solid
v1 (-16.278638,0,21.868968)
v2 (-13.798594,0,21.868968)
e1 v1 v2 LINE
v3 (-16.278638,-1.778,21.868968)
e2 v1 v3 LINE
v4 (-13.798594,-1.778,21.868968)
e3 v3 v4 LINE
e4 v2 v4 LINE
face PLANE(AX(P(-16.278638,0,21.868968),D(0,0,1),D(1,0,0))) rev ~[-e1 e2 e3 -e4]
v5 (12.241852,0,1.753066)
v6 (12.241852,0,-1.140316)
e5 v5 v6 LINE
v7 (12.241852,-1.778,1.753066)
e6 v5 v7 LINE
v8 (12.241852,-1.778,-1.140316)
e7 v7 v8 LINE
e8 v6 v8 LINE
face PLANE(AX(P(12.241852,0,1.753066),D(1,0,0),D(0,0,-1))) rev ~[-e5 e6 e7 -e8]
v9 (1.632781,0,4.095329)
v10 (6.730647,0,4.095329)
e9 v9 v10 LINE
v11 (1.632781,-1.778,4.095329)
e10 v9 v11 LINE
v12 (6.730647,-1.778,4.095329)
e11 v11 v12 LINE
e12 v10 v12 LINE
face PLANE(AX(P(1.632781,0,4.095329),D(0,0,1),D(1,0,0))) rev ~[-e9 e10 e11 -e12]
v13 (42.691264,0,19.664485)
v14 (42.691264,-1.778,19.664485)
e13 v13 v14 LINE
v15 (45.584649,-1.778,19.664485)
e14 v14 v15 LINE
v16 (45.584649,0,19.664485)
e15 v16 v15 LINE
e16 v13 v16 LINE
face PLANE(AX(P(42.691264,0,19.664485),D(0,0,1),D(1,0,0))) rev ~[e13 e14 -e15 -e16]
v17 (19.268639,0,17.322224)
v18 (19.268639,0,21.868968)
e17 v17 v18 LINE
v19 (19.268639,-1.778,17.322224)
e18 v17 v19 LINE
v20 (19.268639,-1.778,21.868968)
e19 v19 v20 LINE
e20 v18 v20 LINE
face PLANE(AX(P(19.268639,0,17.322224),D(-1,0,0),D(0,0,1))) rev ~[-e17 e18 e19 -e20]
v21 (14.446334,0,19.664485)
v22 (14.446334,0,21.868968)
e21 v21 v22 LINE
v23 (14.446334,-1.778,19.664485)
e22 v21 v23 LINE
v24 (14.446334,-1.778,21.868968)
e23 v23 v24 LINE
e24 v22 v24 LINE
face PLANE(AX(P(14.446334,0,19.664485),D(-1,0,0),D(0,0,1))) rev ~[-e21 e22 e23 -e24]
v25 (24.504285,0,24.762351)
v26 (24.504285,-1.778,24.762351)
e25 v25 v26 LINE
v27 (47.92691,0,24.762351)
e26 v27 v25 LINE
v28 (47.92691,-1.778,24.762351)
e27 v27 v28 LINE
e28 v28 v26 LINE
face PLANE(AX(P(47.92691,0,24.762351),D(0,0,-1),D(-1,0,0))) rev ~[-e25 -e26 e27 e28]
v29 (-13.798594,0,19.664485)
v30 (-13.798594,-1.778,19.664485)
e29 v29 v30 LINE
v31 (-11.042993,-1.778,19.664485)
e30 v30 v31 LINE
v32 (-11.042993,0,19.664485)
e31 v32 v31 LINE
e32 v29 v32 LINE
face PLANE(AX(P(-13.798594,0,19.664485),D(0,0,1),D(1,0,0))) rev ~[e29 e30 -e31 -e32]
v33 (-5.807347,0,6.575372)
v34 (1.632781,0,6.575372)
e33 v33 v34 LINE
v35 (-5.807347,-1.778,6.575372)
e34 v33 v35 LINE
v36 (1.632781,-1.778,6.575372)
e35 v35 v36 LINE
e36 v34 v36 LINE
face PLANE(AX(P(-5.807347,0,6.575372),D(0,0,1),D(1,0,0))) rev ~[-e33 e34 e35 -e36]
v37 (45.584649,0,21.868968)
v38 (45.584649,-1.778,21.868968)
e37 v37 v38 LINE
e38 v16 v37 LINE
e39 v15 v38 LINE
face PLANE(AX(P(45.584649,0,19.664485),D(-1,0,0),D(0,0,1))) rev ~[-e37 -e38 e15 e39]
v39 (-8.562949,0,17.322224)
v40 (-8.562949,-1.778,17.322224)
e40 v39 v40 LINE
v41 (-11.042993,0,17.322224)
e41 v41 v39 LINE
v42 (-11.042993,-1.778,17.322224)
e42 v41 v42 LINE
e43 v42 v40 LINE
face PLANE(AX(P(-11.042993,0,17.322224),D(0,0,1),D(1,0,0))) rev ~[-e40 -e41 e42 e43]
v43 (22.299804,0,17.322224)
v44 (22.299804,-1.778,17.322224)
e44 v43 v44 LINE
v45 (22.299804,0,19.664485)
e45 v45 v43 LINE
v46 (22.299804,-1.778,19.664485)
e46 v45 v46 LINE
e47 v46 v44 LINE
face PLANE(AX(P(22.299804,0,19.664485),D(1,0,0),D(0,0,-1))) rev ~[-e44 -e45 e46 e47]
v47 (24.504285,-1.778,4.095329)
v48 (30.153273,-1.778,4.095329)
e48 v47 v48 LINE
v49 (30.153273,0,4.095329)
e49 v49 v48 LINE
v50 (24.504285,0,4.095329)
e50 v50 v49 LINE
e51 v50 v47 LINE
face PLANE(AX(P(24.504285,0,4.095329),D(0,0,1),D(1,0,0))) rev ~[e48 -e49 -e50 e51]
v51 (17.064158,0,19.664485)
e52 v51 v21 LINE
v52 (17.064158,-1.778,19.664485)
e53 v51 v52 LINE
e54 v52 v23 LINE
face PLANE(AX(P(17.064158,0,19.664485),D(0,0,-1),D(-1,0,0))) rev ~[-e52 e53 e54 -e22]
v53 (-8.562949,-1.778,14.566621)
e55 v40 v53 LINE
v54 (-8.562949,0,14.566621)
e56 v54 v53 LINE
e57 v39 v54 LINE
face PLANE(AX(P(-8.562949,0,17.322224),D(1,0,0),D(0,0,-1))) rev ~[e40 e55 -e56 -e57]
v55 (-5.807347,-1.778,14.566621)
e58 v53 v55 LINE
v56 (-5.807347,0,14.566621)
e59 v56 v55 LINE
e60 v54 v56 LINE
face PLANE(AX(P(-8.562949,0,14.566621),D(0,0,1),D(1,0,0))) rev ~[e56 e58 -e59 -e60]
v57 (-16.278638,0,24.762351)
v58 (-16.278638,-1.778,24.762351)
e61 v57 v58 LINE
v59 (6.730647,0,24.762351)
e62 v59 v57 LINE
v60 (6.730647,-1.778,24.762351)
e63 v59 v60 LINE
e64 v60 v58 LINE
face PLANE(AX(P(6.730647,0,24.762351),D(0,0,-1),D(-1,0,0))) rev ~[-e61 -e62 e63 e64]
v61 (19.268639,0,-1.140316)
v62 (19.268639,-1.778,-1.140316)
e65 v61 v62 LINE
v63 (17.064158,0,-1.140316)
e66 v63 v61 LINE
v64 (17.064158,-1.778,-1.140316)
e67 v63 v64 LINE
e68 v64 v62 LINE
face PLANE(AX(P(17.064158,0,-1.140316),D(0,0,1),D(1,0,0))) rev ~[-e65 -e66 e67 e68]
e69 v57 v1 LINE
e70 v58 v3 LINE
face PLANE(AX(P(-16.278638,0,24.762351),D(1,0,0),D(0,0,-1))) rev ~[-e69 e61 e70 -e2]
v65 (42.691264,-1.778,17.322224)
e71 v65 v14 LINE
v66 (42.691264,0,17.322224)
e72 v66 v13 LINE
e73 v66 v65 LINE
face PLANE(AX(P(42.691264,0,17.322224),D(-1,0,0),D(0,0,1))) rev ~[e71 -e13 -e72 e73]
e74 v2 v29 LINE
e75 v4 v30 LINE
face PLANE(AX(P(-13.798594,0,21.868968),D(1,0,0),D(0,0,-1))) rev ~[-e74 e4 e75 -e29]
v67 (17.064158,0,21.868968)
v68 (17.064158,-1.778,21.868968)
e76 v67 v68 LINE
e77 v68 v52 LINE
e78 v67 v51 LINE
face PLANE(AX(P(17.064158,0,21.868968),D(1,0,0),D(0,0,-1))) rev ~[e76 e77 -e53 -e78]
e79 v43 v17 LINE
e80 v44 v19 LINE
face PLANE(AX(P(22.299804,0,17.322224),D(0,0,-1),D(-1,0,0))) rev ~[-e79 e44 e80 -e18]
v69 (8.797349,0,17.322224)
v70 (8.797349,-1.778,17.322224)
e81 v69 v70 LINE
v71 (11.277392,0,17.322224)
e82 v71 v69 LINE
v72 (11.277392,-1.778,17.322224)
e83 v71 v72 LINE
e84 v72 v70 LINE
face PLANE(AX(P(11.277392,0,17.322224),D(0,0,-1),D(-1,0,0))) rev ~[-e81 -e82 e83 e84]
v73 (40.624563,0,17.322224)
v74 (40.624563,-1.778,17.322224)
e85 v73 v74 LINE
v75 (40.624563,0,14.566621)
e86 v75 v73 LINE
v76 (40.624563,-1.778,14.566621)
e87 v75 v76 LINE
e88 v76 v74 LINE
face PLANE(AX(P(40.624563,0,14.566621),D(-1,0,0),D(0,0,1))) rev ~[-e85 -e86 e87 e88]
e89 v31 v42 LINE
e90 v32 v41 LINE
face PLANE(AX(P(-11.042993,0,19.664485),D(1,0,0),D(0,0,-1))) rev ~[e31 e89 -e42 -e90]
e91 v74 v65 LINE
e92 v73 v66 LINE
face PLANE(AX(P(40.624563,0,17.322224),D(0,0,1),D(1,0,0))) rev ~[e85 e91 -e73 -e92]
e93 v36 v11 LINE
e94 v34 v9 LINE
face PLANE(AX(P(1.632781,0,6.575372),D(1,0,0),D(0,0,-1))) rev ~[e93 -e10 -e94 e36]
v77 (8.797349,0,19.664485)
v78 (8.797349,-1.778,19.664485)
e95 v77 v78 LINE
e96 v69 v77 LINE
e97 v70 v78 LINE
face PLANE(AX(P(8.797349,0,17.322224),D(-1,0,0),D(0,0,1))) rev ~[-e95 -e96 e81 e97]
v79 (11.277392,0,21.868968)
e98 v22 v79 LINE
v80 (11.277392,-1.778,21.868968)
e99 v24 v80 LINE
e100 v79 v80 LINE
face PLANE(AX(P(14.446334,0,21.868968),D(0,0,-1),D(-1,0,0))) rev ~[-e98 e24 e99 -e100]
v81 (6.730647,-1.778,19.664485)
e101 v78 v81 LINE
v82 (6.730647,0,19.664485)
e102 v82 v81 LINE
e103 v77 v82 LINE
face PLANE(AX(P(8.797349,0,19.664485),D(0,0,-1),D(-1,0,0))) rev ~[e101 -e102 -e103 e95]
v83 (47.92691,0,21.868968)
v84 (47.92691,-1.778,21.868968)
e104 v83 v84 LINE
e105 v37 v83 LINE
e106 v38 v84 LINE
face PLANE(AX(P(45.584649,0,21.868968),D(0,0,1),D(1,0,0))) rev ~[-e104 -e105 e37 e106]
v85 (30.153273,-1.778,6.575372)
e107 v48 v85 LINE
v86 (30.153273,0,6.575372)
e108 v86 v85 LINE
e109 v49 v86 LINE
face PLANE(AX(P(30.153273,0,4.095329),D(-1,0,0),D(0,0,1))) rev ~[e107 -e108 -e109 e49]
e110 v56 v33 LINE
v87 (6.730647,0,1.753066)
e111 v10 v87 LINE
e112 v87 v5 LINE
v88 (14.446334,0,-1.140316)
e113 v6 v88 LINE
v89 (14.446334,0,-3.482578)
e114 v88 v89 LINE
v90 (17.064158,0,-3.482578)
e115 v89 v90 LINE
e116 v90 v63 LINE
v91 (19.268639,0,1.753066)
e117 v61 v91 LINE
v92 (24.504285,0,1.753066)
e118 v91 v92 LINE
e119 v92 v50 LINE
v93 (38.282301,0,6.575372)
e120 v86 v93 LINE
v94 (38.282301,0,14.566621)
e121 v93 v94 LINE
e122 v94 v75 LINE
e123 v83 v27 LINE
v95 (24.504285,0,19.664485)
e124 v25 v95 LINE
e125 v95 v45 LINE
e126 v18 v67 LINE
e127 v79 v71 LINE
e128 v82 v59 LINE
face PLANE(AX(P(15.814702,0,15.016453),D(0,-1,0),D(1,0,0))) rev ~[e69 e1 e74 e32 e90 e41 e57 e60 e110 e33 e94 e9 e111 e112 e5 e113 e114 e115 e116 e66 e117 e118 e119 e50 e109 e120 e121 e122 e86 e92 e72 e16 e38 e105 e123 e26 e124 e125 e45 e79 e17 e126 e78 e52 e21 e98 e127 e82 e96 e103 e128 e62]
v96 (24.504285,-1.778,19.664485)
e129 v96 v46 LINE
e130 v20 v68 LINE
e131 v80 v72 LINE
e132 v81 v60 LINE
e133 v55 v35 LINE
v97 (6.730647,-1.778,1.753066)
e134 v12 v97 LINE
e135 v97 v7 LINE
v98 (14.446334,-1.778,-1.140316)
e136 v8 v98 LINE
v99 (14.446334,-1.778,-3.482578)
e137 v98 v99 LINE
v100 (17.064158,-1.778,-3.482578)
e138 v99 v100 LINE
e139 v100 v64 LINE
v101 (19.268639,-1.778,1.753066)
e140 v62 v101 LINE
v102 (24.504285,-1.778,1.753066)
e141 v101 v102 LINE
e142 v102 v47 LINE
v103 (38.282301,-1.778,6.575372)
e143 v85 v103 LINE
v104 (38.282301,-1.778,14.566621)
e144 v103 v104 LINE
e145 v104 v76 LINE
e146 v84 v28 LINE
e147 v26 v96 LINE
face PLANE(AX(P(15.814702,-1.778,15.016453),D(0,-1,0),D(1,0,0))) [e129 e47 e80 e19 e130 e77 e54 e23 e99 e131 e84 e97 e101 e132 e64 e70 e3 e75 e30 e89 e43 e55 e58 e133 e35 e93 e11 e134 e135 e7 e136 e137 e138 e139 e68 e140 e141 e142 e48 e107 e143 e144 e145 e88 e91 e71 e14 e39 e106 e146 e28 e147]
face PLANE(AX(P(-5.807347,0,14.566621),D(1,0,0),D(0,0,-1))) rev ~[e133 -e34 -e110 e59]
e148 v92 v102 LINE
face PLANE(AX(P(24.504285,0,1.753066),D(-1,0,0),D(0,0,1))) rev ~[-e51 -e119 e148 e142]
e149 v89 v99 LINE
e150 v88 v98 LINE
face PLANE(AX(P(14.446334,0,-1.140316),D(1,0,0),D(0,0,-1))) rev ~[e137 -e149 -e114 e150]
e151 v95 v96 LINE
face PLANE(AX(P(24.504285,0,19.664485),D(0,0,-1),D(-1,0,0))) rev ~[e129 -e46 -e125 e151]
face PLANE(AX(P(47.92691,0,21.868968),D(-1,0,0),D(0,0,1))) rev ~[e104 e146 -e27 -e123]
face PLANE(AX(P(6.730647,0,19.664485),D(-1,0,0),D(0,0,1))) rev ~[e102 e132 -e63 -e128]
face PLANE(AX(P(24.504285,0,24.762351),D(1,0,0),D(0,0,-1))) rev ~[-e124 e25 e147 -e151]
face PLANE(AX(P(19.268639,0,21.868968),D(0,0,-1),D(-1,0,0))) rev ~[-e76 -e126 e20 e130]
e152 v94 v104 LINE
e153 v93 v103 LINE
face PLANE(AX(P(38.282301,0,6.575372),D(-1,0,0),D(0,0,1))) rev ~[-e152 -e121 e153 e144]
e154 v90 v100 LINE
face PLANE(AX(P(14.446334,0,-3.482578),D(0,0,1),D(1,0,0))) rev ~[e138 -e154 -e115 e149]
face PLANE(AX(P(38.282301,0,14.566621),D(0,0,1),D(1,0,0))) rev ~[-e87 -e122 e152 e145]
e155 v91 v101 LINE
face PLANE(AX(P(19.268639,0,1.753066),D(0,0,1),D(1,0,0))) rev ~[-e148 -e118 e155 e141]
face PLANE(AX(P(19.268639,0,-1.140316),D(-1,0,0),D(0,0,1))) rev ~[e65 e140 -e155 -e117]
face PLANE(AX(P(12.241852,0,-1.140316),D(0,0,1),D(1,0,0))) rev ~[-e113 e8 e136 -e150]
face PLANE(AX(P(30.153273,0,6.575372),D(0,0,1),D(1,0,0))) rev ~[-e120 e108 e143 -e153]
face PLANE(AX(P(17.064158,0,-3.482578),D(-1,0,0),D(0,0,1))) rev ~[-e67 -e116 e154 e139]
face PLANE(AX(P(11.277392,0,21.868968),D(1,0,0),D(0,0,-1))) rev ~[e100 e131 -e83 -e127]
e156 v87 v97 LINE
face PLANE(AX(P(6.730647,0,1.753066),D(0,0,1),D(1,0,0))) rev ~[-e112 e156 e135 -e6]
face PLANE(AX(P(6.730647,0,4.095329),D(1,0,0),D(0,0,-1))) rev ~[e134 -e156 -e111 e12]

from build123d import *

# Parameters (mm, degrees)
F1_DEPTH = 1.778


with BuildPart() as f1:
    # F0 (on Front) → F1 (new body)
    with BuildSketch(Plane.XZ):
        Polygon((6.730647, 24.762351), (-16.278638, 24.762351), (-16.278638, 21.868968), (-13.798594, 21.868968), (-13.798594, 19.664485), (-11.042993, 19.664485), (-11.042993, 17.322224), (-8.562949, 17.322224), (-8.562949, 14.566621), (-5.807347, 14.566621), (-5.807347, 6.575372), (1.632781, 6.575372), (1.632781, 4.095329), (6.730647, 4.095329), (6.730647, 1.753066), (12.241852, 1.753066), (12.241852, -1.140316), (14.446334, -1.140316), (14.446334, -3.482578), (17.064158, -3.482578), (17.064158, -1.140316), (19.268639, -1.140316), (19.268639, 1.753066), (24.504285, 1.753066), (24.504285, 4.095329), (30.153273, 4.095329), (30.153273, 6.575372), (38.282301, 6.575372), (38.282301, 14.566621), (40.624563, 14.566621), (40.624563, 17.322224), (42.691264, 17.322224), (42.691264, 19.664485), (45.584649, 19.664485), (45.584649, 21.868968), (47.92691, 21.868968), (47.92691, 24.762351), (24.504285, 24.762351), (24.504285, 19.664485), (22.299804, 19.664485), (22.299804, 17.322224), (19.268639, 17.322224), (19.268639, 21.868968), (17.064158, 21.868968), (17.064158, 19.664485), (14.446334, 19.664485), (14.446334, 21.868968), (11.277392, 21.868968), (11.277392, 17.322224), (8.797349, 17.322224), (8.797349, 19.664485), (6.730647, 19.664485), align=None)
    extrude(amount=F1_DEPTH)


solid = f1.part
